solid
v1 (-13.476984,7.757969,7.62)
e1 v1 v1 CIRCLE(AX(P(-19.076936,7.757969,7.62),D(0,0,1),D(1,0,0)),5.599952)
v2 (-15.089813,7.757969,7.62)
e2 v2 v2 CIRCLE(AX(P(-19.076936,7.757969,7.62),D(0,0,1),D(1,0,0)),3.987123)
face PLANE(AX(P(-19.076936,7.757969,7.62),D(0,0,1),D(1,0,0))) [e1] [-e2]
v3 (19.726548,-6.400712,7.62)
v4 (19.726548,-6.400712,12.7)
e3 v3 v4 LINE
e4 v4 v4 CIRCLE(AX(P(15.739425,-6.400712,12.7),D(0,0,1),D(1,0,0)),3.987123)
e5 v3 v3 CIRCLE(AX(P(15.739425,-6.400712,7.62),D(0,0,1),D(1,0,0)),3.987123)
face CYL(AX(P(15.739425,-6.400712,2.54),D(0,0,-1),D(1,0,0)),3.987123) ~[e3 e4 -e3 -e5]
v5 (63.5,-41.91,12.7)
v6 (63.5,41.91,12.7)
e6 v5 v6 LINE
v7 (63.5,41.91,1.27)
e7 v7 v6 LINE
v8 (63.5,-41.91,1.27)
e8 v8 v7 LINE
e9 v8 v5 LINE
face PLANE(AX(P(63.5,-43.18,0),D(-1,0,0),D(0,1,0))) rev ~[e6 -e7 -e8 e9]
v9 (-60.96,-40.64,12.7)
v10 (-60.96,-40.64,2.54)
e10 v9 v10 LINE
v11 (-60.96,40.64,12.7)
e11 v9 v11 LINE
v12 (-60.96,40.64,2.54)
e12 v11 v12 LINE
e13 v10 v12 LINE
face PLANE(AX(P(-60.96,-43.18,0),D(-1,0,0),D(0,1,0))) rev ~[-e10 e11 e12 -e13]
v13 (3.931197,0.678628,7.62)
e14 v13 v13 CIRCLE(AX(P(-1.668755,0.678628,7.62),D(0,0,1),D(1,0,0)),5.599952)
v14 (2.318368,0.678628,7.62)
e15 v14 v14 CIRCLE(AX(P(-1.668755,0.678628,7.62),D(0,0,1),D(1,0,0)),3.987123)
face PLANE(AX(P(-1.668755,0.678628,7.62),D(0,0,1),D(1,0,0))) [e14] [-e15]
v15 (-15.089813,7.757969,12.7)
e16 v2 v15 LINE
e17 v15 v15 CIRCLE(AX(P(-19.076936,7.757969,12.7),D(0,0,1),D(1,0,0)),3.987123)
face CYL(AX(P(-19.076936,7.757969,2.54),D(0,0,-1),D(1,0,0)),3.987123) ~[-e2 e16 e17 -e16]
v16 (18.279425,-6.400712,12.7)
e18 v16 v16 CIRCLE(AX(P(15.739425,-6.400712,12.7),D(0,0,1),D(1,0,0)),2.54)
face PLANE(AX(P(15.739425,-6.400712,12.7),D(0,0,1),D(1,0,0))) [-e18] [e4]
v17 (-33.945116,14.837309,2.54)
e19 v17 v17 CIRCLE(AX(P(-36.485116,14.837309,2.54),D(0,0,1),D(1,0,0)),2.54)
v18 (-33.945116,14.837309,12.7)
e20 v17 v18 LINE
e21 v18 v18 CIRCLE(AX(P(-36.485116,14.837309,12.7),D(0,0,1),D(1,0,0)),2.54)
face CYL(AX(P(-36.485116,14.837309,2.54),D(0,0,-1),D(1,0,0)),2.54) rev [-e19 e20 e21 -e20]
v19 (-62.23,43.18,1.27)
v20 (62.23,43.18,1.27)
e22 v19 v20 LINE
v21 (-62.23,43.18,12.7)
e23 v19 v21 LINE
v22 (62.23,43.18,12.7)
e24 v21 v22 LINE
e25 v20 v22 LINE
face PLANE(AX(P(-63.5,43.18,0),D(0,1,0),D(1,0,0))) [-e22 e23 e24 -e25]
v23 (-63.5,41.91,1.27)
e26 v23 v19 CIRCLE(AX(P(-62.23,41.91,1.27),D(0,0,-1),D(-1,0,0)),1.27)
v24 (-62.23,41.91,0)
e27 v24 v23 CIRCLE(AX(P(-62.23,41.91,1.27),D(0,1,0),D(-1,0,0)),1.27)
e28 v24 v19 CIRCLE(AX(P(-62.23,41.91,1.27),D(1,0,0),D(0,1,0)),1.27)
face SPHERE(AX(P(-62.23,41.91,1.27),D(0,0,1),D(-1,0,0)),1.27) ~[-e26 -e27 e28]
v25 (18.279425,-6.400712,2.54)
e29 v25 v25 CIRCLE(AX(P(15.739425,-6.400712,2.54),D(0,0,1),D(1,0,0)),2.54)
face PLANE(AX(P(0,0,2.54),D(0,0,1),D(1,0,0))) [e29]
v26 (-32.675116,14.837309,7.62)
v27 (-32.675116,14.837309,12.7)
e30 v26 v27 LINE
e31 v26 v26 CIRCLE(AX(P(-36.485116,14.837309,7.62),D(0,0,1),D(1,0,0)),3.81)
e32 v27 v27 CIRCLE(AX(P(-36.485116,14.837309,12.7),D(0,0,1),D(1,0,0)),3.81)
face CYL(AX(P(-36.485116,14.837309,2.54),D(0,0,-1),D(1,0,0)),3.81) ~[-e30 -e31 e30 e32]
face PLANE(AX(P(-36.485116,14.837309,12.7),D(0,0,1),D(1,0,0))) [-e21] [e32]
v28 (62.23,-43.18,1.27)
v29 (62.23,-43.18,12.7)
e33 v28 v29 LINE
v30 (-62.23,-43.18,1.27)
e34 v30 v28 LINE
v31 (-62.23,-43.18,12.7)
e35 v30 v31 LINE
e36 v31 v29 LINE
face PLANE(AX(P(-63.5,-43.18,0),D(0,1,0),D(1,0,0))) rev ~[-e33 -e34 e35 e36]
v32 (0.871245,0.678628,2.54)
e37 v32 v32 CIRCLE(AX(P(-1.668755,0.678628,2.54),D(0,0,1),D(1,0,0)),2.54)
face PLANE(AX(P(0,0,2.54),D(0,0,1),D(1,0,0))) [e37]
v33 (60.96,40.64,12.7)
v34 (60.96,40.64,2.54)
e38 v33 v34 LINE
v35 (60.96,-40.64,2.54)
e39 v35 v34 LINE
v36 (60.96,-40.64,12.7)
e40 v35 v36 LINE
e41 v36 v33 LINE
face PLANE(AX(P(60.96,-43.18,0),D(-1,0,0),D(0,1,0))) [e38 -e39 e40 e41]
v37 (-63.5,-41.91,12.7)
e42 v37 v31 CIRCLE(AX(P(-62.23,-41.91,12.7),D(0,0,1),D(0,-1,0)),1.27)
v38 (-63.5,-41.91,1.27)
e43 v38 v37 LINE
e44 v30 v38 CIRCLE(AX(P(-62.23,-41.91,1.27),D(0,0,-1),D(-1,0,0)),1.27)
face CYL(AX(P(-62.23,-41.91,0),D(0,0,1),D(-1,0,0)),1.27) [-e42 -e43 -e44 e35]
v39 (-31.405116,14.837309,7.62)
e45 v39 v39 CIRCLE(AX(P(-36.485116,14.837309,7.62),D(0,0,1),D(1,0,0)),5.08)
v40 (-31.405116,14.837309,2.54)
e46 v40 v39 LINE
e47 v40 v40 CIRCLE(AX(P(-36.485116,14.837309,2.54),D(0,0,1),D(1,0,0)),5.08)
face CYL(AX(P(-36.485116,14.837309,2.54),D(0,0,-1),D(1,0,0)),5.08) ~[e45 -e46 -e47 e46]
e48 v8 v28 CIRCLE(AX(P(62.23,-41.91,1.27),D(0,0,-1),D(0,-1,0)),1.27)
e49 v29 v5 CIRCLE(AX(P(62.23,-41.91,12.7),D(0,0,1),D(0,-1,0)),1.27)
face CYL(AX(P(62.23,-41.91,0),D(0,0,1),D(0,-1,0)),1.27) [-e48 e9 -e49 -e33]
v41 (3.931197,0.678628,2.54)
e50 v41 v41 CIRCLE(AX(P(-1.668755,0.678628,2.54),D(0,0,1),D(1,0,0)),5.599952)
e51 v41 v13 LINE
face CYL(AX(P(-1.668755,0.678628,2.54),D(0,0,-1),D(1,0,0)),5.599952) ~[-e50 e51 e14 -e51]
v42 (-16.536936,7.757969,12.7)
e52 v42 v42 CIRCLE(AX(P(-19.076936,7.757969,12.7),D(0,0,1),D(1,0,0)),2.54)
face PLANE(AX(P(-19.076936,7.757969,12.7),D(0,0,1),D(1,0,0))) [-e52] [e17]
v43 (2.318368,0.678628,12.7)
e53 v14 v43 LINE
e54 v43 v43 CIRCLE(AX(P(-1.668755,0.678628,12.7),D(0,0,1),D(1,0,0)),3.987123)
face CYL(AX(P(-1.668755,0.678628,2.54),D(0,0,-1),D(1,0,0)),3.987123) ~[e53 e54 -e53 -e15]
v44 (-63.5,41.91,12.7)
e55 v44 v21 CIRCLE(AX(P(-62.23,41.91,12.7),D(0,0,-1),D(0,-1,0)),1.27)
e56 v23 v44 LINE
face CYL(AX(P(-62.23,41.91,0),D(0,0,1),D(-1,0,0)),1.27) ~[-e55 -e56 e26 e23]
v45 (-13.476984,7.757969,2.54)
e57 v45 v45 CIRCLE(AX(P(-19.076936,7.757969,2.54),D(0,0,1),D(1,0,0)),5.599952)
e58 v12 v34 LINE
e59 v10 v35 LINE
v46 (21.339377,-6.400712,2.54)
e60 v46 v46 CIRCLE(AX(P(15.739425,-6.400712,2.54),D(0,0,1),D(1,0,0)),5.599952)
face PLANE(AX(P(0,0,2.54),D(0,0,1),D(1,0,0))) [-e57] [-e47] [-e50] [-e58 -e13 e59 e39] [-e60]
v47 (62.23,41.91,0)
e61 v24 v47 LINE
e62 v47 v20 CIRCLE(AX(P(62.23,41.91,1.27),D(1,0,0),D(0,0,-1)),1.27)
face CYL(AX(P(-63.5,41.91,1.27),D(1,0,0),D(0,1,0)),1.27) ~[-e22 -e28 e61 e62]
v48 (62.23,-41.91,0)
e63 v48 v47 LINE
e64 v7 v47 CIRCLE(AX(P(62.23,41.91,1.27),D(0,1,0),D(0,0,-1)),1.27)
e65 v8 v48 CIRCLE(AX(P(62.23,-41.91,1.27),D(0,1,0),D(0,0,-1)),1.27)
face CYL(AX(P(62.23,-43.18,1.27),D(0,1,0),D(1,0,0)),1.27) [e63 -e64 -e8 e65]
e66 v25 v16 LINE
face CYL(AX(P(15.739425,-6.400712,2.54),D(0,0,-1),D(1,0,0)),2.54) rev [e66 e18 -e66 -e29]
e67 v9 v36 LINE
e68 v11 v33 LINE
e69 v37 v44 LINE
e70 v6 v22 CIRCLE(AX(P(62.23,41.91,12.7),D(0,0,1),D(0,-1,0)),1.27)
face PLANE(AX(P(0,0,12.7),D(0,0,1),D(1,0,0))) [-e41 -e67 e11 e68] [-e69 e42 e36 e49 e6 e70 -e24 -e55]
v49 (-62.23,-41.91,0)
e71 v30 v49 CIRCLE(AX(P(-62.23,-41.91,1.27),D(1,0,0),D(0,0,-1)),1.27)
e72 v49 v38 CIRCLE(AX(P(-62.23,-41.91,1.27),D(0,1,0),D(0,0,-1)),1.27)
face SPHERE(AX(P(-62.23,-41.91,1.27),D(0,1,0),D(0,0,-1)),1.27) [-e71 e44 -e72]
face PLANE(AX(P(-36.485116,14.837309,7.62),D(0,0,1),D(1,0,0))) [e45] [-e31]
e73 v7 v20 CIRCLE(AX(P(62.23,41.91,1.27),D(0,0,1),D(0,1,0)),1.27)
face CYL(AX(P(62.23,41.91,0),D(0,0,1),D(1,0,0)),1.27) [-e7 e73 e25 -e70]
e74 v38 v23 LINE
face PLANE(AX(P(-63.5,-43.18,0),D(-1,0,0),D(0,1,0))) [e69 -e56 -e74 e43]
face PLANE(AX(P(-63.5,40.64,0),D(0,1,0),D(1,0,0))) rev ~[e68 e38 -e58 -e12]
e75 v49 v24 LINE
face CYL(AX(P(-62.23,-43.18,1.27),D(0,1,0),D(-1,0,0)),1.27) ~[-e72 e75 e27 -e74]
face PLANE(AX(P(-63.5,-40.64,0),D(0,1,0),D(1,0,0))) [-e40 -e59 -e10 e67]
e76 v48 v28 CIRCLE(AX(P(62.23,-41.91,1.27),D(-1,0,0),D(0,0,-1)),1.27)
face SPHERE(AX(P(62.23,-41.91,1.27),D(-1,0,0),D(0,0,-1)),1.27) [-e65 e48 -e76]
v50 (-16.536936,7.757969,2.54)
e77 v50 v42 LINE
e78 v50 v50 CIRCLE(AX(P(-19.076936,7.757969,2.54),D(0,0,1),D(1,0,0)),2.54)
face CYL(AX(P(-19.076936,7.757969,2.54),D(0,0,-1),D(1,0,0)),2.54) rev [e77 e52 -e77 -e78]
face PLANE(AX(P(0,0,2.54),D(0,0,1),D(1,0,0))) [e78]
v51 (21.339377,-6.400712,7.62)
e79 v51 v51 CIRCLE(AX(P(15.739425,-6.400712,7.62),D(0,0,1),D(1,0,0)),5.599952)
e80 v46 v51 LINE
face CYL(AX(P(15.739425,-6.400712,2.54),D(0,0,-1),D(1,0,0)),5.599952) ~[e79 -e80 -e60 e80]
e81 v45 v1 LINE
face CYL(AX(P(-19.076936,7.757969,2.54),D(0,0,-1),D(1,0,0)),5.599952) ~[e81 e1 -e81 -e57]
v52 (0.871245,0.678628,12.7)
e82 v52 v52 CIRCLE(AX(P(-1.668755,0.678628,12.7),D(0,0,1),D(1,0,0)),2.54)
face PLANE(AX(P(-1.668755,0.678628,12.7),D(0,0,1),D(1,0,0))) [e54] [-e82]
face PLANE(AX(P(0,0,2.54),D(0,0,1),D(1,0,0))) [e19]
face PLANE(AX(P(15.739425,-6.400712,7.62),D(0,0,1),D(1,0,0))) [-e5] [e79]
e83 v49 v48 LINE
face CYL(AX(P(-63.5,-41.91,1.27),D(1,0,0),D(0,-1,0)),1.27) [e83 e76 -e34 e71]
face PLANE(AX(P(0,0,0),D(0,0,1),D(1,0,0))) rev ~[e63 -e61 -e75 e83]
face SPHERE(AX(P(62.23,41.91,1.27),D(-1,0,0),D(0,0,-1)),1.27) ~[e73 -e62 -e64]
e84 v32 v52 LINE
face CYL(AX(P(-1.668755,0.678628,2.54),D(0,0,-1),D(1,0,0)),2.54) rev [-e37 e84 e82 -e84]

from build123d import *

# Parameters (mm, degrees)
F0_W     = 127
F0_H     = 86.36
F1_DEPTH = 12.7
F2_T     = -2.54
F3_R     = 1.27
F4_R     = 3.81
F4_R_2   = 2.54
F4_R_3   = 3.987123
F5_DEPTH = 10.16
F4_R_4   = 5.08
F4_R_5   = 5.599952
F6_DEPTH = 5.08
F7_DEPTH = 10.16
F8_DEPTH = 5.08


with BuildPart() as f1:
    # F0 (on Top) → F1 (new body)
    with BuildSketch(Plane.XY):
        Rectangle(F0_W, F0_H)
    extrude(amount=F1_DEPTH)

    # F2
    f2_openings = [f1.faces().sort_by_distance(p)[0] for p in [
        (0, 0, 12.7),
    ]]
    offset(amount=F2_T, openings=f2_openings)

    # F3
    f3_edges = [f1.edges().sort_by_distance(p)[0] for p in [
        (-63.5, 43.18, 6.35),
        (-63.5, 0, 0),
        (0, -43.18, 0),
        (0, 43.18, 0),
        (63.5, 0, 0),
        (63.5, 43.18, 6.35),
        (63.5, -43.18, 6.35),
        (-63.5, -43.18, 6.35),
    ]]
    fillet(f3_edges, radius=F3_R)

    # F4 (on face) → F5 (join)
    with BuildSketch(Plane.XY.offset(2.54)):
        with Locations((-36.485116, 14.837309)):
            Circle(F4_R)
        with Locations((-36.485116, 14.837309)):
            Circle(F4_R_2, mode=Mode.SUBTRACT)
        with Locations((-1.668755, 0.678628)):
            Circle(F4_R_3)
        with Locations((-1.668755, 0.678628)):
            Circle(F4_R_2, mode=Mode.SUBTRACT)
    extrude(amount=F5_DEPTH)

    # F4 (on face) → F6 (join)
    with BuildSketch(Plane.XY.offset(2.54)):
        with Locations((-36.485116, 14.837309)):
            Circle(F4_R_4)
        with Locations((-36.485116, 14.837309)):
            Circle(F4_R, mode=Mode.SUBTRACT)
        with Locations((-1.668755, 0.678628)):
            Circle(F4_R_5)
        with Locations((-1.668755, 0.678628)):
            Circle(F4_R_3, mode=Mode.SUBTRACT)
    extrude(amount=F6_DEPTH)

    # F4 (on face) → F7 (join)
    with BuildSketch(Plane.XY.offset(2.54)):
        with Locations((-19.076936, 7.757969)):
            Circle(F4_R_3)
        with Locations((-19.076936, 7.757969)):
            Circle(F4_R_2, mode=Mode.SUBTRACT)
        with Locations((15.739425, -6.400712)):
            Circle(F4_R_3)
        with Locations((15.739425, -6.400712)):
            Circle(F4_R_2, mode=Mode.SUBTRACT)
    extrude(amount=F7_DEPTH)

    # F4 (on face) → F8 (join)
    with BuildSketch(Plane.XY.offset(2.54)):
        with Locations((-19.076936, 7.757969)):
            Circle(F4_R_5)
        with Locations((-19.076936, 7.757969)):
            Circle(F4_R_3, mode=Mode.SUBTRACT)
        with Locations((15.739425, -6.400712)):
            Circle(F4_R_5)
        with Locations((15.739425, -6.400712)):
            Circle(F4_R_3, mode=Mode.SUBTRACT)
    extrude(amount=F8_DEPTH)


solid = f1.part
